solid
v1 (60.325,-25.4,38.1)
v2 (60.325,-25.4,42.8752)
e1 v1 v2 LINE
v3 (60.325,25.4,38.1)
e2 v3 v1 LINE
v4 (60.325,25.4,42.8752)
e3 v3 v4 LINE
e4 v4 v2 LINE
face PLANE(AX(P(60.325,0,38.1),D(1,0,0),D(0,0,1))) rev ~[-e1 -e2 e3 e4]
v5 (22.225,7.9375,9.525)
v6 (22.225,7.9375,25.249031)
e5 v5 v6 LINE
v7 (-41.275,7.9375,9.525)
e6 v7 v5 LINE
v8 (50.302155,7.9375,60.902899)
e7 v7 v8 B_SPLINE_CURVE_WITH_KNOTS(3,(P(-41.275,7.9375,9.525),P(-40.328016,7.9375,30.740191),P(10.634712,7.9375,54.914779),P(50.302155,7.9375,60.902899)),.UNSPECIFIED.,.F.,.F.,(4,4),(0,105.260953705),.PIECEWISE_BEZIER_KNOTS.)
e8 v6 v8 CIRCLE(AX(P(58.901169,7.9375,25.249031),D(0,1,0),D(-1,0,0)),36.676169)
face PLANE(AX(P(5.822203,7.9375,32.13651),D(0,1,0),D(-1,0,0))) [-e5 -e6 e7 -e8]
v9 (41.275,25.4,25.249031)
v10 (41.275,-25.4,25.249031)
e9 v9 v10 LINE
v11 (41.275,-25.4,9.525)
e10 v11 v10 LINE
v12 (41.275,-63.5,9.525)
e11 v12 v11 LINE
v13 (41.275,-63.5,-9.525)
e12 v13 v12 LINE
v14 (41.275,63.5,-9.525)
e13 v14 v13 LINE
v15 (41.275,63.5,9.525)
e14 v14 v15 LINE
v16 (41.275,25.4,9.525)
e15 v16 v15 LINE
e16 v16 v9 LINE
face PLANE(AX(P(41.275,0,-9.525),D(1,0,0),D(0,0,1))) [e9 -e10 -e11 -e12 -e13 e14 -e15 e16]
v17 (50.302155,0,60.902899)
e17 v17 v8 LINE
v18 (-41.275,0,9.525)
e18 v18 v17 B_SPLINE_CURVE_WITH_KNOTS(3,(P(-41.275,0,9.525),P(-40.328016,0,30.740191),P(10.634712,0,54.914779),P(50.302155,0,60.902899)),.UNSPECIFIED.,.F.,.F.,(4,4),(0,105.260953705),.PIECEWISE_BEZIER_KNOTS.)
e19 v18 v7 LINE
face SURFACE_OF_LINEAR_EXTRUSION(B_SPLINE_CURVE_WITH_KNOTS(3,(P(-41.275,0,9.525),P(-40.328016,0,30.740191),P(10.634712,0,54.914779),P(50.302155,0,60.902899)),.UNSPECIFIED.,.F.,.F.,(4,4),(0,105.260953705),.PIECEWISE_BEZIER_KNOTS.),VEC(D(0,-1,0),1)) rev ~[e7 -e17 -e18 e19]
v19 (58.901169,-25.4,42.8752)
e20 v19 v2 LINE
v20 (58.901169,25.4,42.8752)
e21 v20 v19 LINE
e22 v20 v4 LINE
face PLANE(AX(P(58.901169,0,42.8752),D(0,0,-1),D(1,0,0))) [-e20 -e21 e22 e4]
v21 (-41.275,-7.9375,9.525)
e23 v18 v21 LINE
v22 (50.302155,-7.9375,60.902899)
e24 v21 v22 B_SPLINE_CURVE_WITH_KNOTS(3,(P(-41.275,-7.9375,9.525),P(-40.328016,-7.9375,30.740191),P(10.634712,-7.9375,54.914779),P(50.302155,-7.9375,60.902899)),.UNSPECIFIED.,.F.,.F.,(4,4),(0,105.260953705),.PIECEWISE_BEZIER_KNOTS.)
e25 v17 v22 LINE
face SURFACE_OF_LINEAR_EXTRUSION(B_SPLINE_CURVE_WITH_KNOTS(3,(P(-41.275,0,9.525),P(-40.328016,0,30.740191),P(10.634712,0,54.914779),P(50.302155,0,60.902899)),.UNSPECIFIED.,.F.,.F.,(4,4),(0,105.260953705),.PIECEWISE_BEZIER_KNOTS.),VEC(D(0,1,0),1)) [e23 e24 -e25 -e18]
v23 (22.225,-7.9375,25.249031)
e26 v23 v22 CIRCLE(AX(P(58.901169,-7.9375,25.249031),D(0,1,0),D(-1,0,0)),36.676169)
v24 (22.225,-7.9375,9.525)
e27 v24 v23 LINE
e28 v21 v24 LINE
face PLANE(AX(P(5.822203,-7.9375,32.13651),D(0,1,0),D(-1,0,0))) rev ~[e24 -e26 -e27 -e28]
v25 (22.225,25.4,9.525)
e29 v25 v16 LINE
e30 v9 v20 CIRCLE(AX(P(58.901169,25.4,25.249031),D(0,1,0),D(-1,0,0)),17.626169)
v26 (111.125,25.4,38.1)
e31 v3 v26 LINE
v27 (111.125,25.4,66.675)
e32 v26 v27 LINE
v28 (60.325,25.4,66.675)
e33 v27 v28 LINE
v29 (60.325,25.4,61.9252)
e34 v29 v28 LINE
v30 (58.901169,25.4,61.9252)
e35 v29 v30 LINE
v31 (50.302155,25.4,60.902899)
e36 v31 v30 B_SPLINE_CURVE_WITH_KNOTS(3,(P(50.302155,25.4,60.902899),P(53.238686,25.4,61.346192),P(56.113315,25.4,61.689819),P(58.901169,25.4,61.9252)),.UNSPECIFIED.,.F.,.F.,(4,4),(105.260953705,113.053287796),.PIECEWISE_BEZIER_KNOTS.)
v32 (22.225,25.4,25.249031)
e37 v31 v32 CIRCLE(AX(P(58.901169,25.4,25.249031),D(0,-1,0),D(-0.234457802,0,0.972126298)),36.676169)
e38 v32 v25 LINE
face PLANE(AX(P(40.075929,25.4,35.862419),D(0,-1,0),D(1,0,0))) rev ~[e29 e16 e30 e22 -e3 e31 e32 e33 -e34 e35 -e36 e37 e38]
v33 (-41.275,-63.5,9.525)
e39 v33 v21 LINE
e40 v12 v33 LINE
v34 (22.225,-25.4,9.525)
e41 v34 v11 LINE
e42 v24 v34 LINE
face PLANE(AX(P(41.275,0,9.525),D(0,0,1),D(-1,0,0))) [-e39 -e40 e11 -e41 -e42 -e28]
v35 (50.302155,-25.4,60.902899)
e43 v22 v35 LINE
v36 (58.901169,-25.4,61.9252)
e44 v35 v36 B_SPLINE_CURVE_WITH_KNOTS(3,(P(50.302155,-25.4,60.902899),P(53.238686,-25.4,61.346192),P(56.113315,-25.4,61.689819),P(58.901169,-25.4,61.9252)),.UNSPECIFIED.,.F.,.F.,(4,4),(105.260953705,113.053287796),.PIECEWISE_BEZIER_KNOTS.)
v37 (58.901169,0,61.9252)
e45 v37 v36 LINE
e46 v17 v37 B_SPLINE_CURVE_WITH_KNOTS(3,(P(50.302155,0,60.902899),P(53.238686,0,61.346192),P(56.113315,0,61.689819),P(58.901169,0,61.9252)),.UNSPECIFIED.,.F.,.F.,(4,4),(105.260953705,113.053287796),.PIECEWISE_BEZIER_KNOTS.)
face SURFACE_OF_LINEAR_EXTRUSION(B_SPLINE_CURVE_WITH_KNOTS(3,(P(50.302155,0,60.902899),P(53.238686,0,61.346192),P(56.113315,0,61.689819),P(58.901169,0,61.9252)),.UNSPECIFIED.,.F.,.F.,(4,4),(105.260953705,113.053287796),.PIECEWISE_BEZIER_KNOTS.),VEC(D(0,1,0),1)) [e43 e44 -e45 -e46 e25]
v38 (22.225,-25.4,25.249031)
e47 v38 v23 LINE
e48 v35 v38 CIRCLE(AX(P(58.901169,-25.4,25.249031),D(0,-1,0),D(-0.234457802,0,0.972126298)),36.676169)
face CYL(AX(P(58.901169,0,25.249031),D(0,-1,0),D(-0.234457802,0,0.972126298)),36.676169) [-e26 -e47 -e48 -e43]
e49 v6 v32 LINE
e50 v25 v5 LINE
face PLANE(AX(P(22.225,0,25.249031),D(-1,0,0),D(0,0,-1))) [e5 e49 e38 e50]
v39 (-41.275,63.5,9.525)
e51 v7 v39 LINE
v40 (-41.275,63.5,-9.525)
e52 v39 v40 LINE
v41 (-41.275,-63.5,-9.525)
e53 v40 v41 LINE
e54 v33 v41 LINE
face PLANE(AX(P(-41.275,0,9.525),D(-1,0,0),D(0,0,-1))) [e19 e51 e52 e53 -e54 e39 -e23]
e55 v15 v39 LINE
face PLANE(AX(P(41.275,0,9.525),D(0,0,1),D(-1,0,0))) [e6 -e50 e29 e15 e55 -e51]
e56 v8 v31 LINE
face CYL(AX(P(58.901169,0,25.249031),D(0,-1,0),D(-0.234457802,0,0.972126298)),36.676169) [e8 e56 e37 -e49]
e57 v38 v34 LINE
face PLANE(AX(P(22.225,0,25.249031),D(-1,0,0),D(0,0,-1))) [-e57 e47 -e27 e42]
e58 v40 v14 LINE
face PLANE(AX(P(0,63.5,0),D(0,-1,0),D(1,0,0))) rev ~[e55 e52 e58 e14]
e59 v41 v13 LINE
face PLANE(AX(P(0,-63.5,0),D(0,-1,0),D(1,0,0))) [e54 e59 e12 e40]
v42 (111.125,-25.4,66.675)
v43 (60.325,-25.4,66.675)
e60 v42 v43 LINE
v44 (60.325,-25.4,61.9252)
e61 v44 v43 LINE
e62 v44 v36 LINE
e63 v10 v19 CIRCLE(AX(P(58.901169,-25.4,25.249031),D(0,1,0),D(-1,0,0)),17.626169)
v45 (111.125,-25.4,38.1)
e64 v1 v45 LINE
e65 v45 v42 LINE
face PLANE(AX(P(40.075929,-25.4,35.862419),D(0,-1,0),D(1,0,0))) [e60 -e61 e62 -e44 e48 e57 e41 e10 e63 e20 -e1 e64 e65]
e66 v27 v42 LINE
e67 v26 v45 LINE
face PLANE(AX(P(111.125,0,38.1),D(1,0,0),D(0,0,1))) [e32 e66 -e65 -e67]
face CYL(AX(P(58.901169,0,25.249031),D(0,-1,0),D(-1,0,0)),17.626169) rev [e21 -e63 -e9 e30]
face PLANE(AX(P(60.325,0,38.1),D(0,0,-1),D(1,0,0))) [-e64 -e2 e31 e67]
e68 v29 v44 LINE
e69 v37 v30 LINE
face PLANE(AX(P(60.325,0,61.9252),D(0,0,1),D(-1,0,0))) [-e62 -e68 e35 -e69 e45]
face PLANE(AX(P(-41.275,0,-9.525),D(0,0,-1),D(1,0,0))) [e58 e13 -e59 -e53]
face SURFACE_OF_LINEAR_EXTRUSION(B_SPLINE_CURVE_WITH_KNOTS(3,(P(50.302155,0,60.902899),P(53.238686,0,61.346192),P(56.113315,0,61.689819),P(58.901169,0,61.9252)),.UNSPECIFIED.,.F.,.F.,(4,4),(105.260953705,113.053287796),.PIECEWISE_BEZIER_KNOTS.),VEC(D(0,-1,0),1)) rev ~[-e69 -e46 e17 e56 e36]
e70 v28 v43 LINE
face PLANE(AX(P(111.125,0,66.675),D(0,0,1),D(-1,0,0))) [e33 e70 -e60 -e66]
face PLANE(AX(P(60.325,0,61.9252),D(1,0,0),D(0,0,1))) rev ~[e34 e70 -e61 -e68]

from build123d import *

# Parameters (mm, degrees)
F1_DEPTH = 63.5
F0_W     = 25.4
F0_H     = 19.05
F0_H_2   = 4.7752
F0_H_3   = 4.7498
F2_DEPTH = 25.4
F3_DEPTH = 7.9375


with BuildPart() as f1:
    # F0 (on Front) → F1 (new body, symmetric)
    with BuildSketch(Plane.XZ):
        Polygon((22.225, 9.525), (-41.275, 9.525), (-41.275, -9.525), (41.275, -9.525), (41.275, 9.525), align=None)
    extrude(amount=F1_DEPTH, both=True)

    # F0 (on Front) → F2 (join, symmetric)
    with BuildSketch(Plane.XZ):
        with BuildLine():
            Line((22.225, 25.2490305709), (22.225, 9.525))
            Line((22.225, 9.525), (41.275, 9.525))
            Line((41.275, 9.525), (41.275, 25.2490305709))
            ThreePointArc((41.275, 25.2490305709), (46.4375854994, 37.7126145006), (58.9011694291, 42.8752))
            Line((58.9011694291, 42.8752), (60.325, 42.8752))
            Line((60.325, 42.8752), (60.325, 61.9252))
            Line((60.325, 61.9252), (58.9011694291, 61.9252))
            add(Edge.make_bspline(
                [(50.3021553642, 60.9028993807), (53.2386856035, 61.3461922801), (56.1133148393, 61.6898187514), (58.9011694291, 61.9252)],
                knots=[105.260953705, 105.260953705, 105.260953705, 105.260953705, 113.0532877962, 113.0532877962, 113.0532877962, 113.0532877962], degree=3))
            ThreePointArc((50.3021553642, 60.9028993807), (30.0869342253, 47.9400255604), (22.225, 25.2490305709))
        make_face()
        with Locations((73.025, 52.4002)):
            Rectangle(F0_W, F0_H)
        with Locations((73.025, 40.4876)):
            Rectangle(F0_W, F0_H_2)
        with Locations((73.025, 64.3001)):
            Rectangle(F0_W, F0_H_3)
        Polygon((85.725, 66.675), (85.725, 61.9252), (85.725, 42.8752), (85.725, 38.1), (111.125, 38.1), (111.125, 66.675), align=None)
    extrude(amount=F2_DEPTH, both=True)

    # F0 (on Front) → F3 (join, symmetric)
    with BuildSketch(Plane.XZ):
        with BuildLine():
            add(Edge.make_bspline(
                [(-41.275, 9.525), (-40.3280161363, 30.740190757), (10.6347117007, 54.914779156), (50.3021553642, 60.9028993807)],
                knots=[0, 0, 0, 0, 105.260953705, 105.260953705, 105.260953705, 105.260953705], degree=3))
            Line((-41.275, 9.525), (22.225, 9.525))
            Line((22.225, 9.525), (22.225, 25.2490305709))
            ThreePointArc((22.225, 25.2490305709), (30.0869342253, 47.9400255604), (50.3021553642, 60.9028993807))
        make_face()
    extrude(amount=F3_DEPTH, both=True)


solid = f1.part
